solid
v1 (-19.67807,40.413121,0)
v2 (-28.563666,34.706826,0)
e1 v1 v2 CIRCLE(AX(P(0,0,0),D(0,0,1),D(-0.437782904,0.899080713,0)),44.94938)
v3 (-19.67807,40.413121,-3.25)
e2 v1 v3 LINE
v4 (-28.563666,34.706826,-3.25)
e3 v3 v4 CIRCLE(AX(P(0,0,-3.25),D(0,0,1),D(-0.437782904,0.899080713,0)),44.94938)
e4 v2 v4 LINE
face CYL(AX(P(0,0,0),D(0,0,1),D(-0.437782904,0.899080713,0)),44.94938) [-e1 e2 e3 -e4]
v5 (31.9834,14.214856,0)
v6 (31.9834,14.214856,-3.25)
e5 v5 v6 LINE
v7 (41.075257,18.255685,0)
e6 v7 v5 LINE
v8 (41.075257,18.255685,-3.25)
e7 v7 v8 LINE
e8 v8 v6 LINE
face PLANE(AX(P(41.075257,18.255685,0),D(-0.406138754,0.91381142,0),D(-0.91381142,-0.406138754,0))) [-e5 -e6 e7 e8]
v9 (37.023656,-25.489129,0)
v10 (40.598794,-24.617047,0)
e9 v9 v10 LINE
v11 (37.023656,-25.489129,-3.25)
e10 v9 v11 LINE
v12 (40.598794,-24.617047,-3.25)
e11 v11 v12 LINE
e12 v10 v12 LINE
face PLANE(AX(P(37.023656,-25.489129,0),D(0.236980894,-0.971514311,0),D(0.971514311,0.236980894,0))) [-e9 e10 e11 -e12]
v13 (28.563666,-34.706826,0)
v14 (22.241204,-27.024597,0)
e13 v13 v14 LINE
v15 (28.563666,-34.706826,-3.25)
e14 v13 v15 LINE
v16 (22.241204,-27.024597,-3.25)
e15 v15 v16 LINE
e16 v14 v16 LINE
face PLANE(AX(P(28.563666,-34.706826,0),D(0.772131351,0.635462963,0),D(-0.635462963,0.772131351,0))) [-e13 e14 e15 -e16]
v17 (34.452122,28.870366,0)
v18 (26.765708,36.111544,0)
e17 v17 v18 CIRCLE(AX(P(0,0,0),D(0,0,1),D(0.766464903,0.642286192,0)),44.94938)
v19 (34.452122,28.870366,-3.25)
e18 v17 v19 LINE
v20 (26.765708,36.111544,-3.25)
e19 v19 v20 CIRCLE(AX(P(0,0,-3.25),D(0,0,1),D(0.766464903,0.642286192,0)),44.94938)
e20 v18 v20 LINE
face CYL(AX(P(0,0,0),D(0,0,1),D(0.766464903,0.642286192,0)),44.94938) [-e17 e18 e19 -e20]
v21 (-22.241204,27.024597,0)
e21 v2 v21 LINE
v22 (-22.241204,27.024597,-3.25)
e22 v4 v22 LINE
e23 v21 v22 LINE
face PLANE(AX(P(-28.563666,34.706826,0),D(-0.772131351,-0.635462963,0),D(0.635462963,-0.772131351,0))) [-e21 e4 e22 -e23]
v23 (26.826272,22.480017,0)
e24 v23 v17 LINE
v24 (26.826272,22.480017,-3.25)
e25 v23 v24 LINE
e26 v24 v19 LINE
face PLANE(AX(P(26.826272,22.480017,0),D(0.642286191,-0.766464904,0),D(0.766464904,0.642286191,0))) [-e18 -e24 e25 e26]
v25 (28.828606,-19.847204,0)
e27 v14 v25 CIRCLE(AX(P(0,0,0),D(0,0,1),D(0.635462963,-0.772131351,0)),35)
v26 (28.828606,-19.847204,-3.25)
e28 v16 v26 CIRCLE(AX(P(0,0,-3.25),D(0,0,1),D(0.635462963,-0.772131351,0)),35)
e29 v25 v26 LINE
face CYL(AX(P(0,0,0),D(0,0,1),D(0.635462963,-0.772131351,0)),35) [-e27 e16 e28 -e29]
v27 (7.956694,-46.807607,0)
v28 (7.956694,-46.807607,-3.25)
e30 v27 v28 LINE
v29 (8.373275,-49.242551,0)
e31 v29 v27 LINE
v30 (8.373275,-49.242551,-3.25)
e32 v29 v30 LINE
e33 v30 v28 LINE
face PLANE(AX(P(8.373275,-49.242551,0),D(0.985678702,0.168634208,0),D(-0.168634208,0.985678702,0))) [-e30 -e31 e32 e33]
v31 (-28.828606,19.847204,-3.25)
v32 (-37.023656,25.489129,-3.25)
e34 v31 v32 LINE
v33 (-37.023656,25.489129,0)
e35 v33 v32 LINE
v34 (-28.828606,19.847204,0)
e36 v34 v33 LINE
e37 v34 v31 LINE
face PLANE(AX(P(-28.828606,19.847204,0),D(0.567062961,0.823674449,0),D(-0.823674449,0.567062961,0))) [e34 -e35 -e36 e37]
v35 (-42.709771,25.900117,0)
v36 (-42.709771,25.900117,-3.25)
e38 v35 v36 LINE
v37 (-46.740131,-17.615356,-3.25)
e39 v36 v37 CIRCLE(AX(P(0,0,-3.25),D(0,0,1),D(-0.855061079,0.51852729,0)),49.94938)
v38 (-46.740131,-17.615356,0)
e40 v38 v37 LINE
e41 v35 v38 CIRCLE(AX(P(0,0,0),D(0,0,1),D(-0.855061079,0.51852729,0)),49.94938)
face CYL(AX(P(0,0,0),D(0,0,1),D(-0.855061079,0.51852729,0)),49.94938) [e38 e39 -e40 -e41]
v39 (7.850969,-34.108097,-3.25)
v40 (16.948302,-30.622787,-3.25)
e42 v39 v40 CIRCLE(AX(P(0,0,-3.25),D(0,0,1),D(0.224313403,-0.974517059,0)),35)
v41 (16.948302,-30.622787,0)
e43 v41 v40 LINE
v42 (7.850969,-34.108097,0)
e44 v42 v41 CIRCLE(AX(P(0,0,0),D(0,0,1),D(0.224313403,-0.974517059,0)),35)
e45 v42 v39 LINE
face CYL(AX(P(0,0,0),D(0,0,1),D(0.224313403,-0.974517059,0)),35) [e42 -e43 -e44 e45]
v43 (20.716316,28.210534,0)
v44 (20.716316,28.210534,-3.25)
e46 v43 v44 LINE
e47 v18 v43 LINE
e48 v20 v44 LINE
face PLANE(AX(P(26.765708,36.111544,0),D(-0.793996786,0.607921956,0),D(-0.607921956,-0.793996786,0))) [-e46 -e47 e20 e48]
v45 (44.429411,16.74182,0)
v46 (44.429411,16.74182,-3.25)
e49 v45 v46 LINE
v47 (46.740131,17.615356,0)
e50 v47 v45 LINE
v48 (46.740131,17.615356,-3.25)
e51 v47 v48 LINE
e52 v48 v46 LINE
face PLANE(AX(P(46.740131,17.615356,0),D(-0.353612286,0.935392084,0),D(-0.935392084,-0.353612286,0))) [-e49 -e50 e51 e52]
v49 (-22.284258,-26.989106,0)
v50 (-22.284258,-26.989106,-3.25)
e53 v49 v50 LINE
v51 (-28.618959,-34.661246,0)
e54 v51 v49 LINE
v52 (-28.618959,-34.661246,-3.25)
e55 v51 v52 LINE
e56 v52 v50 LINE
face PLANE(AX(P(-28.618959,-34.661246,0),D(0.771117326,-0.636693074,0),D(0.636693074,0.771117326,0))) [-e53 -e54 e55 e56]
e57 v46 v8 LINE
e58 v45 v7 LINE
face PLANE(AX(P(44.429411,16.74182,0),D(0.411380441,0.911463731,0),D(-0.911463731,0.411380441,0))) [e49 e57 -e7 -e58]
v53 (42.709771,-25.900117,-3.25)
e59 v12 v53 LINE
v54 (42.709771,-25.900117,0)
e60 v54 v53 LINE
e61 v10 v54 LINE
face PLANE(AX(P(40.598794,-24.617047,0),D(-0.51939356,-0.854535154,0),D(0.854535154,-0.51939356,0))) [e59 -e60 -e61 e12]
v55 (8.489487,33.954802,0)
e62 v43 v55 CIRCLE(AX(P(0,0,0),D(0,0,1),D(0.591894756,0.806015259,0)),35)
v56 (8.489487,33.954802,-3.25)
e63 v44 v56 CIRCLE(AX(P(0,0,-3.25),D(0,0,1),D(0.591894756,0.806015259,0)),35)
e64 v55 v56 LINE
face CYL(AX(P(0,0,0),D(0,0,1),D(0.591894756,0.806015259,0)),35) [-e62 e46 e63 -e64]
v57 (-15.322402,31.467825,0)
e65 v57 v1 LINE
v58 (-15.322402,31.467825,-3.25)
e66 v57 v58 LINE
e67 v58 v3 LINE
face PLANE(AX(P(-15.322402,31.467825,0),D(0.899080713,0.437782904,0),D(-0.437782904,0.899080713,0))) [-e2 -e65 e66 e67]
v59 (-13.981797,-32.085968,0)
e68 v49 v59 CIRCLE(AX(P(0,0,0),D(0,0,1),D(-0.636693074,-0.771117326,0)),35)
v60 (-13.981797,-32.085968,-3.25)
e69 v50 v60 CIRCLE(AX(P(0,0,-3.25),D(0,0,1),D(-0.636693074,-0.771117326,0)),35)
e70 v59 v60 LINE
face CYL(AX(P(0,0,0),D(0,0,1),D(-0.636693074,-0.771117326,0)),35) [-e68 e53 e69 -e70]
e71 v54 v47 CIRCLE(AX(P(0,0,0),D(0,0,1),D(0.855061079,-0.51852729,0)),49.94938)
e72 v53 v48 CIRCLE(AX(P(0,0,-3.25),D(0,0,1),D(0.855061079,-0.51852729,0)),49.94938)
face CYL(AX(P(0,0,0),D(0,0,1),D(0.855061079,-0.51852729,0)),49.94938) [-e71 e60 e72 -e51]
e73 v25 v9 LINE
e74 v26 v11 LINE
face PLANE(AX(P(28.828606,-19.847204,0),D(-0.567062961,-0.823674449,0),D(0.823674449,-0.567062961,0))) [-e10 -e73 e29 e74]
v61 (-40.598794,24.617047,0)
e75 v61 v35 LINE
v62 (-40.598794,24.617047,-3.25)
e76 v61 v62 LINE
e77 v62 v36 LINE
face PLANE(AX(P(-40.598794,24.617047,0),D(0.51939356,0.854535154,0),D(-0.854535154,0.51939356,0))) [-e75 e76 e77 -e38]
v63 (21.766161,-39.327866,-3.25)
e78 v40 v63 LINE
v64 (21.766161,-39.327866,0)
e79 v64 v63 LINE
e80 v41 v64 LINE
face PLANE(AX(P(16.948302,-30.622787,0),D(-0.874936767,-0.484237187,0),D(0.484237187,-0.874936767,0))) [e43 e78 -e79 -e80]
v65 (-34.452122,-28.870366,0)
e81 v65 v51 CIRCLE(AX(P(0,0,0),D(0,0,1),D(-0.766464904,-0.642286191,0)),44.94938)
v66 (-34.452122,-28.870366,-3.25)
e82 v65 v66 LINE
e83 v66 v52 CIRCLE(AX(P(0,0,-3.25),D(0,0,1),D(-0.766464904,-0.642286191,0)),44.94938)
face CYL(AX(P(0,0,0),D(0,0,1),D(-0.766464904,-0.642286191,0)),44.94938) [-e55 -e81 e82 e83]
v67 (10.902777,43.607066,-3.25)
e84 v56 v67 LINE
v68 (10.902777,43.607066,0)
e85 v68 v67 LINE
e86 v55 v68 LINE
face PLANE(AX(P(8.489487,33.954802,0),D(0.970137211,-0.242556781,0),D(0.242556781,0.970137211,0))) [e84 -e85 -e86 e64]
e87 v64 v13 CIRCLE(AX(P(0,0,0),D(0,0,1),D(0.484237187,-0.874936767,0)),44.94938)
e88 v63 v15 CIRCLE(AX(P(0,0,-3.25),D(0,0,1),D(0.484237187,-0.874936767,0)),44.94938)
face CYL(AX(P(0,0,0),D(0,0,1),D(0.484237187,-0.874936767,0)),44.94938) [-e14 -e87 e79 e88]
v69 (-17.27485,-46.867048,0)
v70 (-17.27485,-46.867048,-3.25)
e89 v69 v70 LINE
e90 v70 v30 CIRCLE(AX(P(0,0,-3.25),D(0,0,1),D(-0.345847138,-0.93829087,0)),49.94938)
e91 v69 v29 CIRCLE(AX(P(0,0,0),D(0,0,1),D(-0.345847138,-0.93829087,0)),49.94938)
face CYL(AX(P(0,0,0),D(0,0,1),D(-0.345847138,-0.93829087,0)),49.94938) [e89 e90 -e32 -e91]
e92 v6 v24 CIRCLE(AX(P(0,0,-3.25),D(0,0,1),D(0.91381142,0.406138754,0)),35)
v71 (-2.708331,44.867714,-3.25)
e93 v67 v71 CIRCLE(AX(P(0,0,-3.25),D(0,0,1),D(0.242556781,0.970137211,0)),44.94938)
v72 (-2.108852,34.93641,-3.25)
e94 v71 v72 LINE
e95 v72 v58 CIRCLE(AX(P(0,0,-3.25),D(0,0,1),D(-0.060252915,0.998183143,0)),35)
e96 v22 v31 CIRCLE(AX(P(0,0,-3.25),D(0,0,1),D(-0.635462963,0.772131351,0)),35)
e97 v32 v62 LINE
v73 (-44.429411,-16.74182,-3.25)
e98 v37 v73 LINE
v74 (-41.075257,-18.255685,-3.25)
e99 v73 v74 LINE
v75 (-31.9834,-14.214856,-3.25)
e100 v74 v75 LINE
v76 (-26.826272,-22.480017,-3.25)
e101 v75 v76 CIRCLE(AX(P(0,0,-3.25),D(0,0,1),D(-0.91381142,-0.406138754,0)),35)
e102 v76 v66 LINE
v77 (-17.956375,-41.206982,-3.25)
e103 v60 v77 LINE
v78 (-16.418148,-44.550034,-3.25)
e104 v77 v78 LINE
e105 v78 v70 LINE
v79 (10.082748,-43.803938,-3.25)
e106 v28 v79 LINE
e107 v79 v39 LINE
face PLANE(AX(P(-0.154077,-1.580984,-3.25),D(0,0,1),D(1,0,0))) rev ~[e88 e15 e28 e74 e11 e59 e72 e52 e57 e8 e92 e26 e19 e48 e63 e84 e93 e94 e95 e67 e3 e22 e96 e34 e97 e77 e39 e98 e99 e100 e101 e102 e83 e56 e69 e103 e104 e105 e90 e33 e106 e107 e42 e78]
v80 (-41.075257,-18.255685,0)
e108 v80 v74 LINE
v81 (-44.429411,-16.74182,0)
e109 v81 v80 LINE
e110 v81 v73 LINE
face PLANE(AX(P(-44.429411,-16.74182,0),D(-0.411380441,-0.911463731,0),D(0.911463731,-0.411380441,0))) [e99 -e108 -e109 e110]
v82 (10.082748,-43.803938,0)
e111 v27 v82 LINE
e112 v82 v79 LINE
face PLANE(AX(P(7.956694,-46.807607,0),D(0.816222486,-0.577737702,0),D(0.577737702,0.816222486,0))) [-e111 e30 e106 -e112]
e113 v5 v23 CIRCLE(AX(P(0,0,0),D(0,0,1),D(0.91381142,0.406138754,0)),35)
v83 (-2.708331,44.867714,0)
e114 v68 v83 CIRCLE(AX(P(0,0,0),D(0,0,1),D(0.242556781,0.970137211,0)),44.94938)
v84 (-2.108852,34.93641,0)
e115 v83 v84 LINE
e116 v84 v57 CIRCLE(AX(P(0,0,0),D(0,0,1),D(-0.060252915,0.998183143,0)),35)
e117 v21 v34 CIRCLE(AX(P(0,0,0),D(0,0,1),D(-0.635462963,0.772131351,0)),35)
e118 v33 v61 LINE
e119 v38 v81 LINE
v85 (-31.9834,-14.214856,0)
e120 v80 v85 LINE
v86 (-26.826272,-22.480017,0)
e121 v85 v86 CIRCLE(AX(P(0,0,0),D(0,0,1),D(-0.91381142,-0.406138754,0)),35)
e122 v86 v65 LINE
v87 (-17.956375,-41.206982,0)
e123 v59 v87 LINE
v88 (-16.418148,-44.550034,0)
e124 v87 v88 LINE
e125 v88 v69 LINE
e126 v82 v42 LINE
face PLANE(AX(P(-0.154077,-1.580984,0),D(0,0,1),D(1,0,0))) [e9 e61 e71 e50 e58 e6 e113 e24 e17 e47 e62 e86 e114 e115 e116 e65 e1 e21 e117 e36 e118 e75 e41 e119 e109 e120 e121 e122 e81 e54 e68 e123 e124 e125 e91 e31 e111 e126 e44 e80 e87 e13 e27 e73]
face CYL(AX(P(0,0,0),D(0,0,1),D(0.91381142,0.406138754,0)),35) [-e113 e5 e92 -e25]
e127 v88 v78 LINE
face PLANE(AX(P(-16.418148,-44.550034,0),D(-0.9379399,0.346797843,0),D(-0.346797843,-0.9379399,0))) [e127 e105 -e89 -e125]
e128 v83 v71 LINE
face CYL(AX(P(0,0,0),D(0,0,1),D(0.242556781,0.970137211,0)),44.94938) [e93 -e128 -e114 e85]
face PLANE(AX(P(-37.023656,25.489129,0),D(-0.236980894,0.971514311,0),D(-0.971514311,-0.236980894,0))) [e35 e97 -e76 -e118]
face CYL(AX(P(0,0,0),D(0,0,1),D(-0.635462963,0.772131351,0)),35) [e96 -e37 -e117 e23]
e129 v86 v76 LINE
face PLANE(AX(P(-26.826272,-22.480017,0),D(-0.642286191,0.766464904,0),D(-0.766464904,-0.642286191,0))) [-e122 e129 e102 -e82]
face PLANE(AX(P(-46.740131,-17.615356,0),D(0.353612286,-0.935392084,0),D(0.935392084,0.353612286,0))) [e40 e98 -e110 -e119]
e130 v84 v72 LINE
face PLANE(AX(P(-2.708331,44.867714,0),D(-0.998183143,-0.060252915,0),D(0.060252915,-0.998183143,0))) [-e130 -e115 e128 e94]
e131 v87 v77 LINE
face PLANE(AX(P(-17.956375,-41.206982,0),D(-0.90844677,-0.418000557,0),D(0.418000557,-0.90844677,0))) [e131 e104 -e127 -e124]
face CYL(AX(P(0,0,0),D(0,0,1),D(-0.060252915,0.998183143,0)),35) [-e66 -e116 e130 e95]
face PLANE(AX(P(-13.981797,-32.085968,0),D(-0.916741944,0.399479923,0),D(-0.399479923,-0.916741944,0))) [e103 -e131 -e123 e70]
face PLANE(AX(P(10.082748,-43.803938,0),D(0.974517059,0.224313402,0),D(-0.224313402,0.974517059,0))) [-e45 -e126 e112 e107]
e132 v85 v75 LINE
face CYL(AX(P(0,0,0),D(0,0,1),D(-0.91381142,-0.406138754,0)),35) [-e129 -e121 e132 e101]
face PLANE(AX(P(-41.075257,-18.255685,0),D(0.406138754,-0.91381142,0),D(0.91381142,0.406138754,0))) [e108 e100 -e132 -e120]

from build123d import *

# Parameters (mm, degrees)
BOSS_EXTRUDE1_DEPTH = 3.25


with BuildPart() as part:
    # Sketch1 → Boss-Extrude1 (new body)
    with BuildSketch(Plane.XY):
        with BuildLine():
            ThreePointArc((-17.274850221, -46.867047521), (-4.606545813, -49.736509017), (8.373275125, -49.242551286))
            Line((8.373275125, -49.242551286), (7.956694327, -46.80760748))
            Line((7.956694327, -46.80760748), (10.082748433, -43.803937887))
            Line((10.082748433, -43.803937887), (7.850969083, -34.108097051))
            ThreePointArc((7.850969083, -34.108097051), (12.521493626, -32.683515682), (16.948301539, -30.622786858))
            Line((16.948301539, -30.622786858), (21.766161472, -39.327865505))
            ThreePointArc((21.766161472, -39.327865505), (25.270761666, -37.173046623), (28.563666386, -34.70682574))
            Line((28.563666386, -34.70682574), (22.241203696, -27.02459728))
            ThreePointArc((22.241203696, -27.02459728), (25.785850836, -23.66621847), (28.828605721, -19.847203637))
            Line((28.828605721, -19.847203637), (37.023656069, -25.489128697))
            Line((37.023656069, -25.489128697), (40.598794027, -24.617047471))
            Line((40.598794027, -24.617047471), (42.709771039, -25.900116821))
            ThreePointArc((42.709771039, -25.900116821), (49.736509017, -4.606545813), (46.74013071, 17.615356218))
            Line((46.74013071, 17.615356218), (44.429411044, 16.741820001))
            Line((44.429411044, 16.741820001), (41.075257073, 18.255685327))
            Line((41.075257073, 18.255685327), (31.983399718, 14.214856401))
            ThreePointArc((31.983399718, 14.214856401), (29.693813825, 18.527747314), (26.826271623, 22.4800167))
            Line((26.826271623, 22.4800167), (34.452122443, 28.870366287))
            ThreePointArc((34.452122443, 28.870366287), (30.822303091, 32.717463571), (26.765708371, 36.111544495))
            Line((26.765708371, 36.111544495), (20.716316478, 28.210534054))
            ThreePointArc((20.716316478, 28.210534054), (14.882671096, 31.67816442), (8.489487351, 33.954802378))
            Line((8.489487351, 33.954802378), (10.902777017, 43.607066443))
            ThreePointArc((10.902777017, 43.607066443), (4.145424396, 44.757817719), (-2.708331204, 44.867713698))
            Line((-2.708331204, 44.867713698), (-2.108852035, 34.936409991))
            ThreePointArc((-2.108852035, 34.936409991), (-8.886502223, 33.853066009), (-15.322401648, 31.467824961))
            Line((-15.322401648, 31.467824961), (-19.678070256, 40.413120907))
            ThreePointArc((-19.678070256, 40.413120907), (-24.289025087, 37.82181977), (-28.563666386, 34.70682574))
            Line((-28.563666386, 34.70682574), (-22.241203696, 27.02459728))
            ThreePointArc((-22.241203696, 27.02459728), (-25.785850836, 23.66621847), (-28.828605721, 19.847203637))
            Line((-28.828605721, 19.847203637), (-37.023656069, 25.489128697))
            Line((-37.023656069, 25.489128697), (-40.598794027, 24.617047471))
            Line((-40.598794027, 24.617047471), (-42.709771039, 25.900116821))
            ThreePointArc((-42.709771039, 25.900116821), (-49.736509017, 4.606545813), (-46.74013071, -17.615356218))
            Line((-46.74013071, -17.615356218), (-44.429411044, -16.741820001))
            Line((-44.429411044, -16.741820001), (-41.075257073, -18.255685327))
            Line((-41.075257073, -18.255685327), (-31.983399718, -14.214856401))
            ThreePointArc((-31.983399718, -14.214856401), (-29.693813825, -18.527747314), (-26.826271623, -22.4800167))
            Line((-26.826271623, -22.4800167), (-34.452122443, -28.870366287))
            ThreePointArc((-34.452122443, -28.870366287), (-31.668184411, -31.899418279), (-28.61895911, -34.661245936))
            Line((-28.61895911, -34.661245936), (-22.284257579, -26.989106398))
            ThreePointArc((-22.284257579, -26.989106398), (-18.311231086, -29.8278195), (-13.981797309, -32.085968023))
            Line((-13.981797309, -32.085968023), (-17.956374991, -41.206982267))
            Line((-17.956374991, -41.206982267), (-16.418147872, -44.550033929))
            Line((-16.418147872, -44.550033929), (-17.274850221, -46.867047521))
        make_face()
    extrude(amount=-BOSS_EXTRUDE1_DEPTH)


solid = part.part
